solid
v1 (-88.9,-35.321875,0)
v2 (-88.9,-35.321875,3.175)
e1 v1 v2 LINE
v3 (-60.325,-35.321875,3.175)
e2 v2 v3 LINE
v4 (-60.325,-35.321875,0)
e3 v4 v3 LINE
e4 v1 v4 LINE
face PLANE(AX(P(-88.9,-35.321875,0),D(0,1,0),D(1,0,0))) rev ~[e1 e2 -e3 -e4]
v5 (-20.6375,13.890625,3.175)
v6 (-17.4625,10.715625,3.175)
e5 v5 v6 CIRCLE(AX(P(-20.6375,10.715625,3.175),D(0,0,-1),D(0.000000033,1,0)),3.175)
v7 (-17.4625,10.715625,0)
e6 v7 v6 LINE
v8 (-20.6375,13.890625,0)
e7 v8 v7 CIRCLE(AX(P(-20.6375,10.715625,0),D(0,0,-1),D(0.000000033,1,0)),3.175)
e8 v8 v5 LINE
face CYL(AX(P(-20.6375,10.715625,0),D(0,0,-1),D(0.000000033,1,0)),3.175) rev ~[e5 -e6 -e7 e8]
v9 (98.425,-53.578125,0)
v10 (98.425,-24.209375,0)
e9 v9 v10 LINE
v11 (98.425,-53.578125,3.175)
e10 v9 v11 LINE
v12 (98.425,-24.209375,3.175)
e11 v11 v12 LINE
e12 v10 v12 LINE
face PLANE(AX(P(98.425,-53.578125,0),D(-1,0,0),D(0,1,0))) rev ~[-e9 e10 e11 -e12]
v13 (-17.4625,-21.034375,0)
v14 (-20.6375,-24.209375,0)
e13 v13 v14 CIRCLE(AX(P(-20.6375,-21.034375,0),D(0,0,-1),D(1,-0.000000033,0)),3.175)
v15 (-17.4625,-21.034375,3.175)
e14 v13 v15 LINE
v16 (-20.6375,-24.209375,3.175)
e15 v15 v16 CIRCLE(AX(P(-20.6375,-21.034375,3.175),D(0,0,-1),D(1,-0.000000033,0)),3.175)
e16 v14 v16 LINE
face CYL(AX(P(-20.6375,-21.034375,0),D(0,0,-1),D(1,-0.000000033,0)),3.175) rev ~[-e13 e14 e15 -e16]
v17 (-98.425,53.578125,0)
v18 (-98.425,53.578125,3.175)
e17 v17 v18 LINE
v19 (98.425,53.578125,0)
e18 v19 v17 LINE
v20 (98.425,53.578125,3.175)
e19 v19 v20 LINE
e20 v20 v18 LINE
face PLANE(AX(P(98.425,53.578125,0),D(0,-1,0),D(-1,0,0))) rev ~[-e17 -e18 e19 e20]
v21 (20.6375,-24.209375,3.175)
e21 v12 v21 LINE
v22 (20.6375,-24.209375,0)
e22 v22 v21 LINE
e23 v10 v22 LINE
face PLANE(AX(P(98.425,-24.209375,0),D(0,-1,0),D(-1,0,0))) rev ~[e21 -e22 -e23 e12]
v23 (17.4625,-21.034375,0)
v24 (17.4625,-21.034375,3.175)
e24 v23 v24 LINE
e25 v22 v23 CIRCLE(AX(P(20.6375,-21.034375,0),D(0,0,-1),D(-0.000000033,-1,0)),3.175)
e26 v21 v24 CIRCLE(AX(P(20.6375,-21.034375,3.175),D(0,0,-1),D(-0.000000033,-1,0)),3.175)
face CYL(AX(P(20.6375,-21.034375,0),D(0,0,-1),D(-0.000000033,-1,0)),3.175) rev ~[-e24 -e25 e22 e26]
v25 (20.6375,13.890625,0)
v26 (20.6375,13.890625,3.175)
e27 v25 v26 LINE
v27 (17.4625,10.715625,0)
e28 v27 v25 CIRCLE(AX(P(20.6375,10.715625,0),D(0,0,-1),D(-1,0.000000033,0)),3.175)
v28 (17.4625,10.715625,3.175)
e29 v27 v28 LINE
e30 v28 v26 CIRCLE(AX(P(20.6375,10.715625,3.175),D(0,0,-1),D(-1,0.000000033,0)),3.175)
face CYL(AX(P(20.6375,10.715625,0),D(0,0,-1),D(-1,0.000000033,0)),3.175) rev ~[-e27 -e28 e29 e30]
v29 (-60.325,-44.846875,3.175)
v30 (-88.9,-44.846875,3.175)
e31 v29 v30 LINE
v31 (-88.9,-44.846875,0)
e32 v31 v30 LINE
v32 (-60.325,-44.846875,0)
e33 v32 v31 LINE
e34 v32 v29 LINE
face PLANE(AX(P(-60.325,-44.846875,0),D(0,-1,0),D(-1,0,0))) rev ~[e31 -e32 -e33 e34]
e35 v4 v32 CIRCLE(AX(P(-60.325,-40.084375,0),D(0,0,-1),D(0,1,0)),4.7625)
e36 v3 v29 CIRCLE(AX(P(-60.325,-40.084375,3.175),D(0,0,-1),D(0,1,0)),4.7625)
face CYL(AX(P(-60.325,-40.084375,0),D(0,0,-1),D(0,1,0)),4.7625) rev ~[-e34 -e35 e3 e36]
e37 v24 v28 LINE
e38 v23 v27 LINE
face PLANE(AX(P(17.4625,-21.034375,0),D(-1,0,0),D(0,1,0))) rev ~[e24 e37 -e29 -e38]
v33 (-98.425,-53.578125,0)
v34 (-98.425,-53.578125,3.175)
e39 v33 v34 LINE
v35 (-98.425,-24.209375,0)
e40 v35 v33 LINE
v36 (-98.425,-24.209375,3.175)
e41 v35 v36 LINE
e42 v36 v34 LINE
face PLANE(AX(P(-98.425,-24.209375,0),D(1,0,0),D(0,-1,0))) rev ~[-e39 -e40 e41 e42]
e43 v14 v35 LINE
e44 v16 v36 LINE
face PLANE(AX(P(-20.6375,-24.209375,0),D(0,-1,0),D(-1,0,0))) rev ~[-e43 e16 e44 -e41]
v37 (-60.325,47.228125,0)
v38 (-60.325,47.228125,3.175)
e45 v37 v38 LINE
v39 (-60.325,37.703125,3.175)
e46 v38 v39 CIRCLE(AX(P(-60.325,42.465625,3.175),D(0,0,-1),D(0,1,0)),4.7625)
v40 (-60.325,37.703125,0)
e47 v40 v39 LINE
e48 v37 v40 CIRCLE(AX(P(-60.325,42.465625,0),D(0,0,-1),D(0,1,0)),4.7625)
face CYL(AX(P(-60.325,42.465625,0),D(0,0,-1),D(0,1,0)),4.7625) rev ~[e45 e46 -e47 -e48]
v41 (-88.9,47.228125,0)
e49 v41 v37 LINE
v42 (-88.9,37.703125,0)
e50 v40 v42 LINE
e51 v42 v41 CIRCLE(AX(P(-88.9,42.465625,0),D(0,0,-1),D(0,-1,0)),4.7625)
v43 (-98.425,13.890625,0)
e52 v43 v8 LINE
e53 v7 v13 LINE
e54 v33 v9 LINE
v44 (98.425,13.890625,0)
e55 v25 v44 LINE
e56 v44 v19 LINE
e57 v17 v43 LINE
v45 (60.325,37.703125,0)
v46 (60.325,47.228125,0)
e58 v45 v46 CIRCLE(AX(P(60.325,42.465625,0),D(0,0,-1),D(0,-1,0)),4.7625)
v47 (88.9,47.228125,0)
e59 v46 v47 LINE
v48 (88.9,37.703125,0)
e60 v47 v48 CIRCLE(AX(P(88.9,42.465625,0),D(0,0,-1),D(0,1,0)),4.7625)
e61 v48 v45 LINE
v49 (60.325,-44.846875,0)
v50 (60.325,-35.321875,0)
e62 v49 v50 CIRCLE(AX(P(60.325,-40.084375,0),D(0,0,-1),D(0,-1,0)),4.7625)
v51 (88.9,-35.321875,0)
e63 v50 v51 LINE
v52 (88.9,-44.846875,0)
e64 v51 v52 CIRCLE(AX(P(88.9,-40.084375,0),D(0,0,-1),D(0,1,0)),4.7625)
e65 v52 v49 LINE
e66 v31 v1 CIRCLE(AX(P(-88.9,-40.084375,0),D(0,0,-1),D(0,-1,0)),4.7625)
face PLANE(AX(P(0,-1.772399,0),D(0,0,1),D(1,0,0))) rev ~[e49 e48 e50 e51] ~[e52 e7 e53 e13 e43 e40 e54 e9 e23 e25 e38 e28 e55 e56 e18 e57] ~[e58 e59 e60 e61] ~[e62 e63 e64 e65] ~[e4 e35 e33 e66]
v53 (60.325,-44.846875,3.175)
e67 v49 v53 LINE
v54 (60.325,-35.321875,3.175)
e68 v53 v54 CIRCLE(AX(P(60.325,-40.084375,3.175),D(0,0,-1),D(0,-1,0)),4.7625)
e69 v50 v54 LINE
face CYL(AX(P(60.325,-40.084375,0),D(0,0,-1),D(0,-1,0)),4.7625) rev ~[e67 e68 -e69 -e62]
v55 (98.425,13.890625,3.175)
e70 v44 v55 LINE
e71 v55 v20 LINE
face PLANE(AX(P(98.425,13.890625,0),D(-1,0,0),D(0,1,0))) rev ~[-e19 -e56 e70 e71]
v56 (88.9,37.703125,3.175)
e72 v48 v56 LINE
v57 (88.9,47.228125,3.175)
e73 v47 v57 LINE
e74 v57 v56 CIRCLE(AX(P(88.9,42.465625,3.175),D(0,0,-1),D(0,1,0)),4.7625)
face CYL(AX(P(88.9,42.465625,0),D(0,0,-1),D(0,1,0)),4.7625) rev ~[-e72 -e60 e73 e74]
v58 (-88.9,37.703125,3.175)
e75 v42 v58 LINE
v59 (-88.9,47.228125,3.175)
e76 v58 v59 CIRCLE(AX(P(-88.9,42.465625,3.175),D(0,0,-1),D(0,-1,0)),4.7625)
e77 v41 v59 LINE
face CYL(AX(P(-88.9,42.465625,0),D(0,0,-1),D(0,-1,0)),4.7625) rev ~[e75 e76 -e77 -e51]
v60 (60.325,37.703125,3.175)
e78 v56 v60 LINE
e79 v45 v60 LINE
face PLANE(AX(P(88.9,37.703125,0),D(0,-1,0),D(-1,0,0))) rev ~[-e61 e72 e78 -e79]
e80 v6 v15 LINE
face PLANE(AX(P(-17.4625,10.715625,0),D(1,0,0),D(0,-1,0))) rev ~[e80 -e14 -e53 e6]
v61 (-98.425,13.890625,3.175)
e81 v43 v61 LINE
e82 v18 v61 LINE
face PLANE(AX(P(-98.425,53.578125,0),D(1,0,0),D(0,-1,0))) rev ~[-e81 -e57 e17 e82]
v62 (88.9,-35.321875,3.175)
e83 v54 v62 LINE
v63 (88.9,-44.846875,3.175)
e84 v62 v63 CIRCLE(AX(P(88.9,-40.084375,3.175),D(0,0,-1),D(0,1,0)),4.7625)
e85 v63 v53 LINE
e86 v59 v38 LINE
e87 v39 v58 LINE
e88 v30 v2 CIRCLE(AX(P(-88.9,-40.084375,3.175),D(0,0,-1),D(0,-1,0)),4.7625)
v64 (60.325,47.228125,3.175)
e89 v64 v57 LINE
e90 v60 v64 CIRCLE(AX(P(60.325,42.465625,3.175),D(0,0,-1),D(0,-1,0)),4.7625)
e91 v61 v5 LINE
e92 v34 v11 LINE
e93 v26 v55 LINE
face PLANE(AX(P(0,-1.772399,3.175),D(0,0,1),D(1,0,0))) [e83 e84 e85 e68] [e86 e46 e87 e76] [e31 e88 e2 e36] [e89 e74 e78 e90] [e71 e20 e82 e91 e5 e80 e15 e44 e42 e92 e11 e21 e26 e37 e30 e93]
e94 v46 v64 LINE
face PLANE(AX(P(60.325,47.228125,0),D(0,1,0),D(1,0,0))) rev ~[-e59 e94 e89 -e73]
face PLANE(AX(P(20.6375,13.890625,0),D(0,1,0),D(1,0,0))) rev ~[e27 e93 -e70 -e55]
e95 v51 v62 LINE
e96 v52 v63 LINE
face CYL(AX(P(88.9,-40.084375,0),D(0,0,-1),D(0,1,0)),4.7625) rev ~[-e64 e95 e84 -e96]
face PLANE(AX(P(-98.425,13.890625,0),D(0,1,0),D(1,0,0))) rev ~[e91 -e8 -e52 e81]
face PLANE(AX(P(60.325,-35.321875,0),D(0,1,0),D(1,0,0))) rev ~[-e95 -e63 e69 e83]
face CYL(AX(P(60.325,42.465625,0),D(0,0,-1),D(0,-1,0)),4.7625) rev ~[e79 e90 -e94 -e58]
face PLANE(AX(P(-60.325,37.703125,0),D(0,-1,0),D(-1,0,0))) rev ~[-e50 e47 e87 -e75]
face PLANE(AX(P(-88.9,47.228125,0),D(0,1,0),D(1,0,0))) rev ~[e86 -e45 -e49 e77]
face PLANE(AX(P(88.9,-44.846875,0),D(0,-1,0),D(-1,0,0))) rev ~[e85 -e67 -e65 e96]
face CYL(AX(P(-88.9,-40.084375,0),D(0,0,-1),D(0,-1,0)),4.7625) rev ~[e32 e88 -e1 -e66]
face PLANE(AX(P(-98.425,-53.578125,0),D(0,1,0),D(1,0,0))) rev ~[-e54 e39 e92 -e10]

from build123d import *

# Parameters (mm, degrees)
F1_DEPTH = 3.175


with BuildPart() as f1:
    # F0 (on Top) → F1 (new body)
    with BuildSketch(Plane.XY):
        with BuildLine():
            Line((-98.425, -24.209375), (-98.425, -53.578125))
            Line((-98.425, -53.578125), (98.425, -53.578125))
            Line((98.425, -53.578125), (98.425, -24.209375))
            Line((98.425, -24.209375), (20.6375, -24.209375))
            ThreePointArc((20.6375, -24.209375), (18.392436, -23.279439), (17.4625, -21.034375))
            Line((17.4625, -21.034375), (17.4625, 10.715625))
            ThreePointArc((17.4625, 10.715625), (18.392436, 12.960689), (20.6375, 13.890625))
            Line((20.6375, 13.890625), (98.425, 13.890625))
            Line((98.425, 13.890625), (98.425, 53.578125))
            Line((98.425, 53.578125), (-98.425, 53.578125))
            Line((-98.425, 53.578125), (-98.425, 13.890625))
            Line((-98.425, 13.890625), (-20.6375, 13.890625))
            ThreePointArc((-20.6375, 13.890625), (-18.392436, 12.960689), (-17.4625, 10.715625))
            Line((-17.4625, 10.715625), (-17.4625, -21.034375))
            ThreePointArc((-17.4625, -21.034375), (-18.392436, -23.279439), (-20.6375, -24.209375))
            Line((-20.6375, -24.209375), (-98.425, -24.209375))
        make_face()
        with BuildLine():
            Line((-60.325, -44.846875), (-88.9, -44.846875))
            ThreePointArc((-88.9, -44.846875), (-93.6625, -40.084375), (-88.9, -35.321875))
            Line((-88.9, -35.321875), (-60.325, -35.321875))
            ThreePointArc((-60.325, -35.321875), (-55.5625, -40.084375), (-60.325, -44.846875))
        make_face(mode=Mode.SUBTRACT)
        with BuildLine():
            ThreePointArc((88.9, -35.321875), (93.6625, -40.084375), (88.9, -44.846875))
            Line((88.9, -44.846875), (60.325, -44.846875))
            ThreePointArc((60.325, -44.846875), (55.5625, -40.084375), (60.325, -35.321875))
            Line((60.325, -35.321875), (88.9, -35.321875))
        make_face(mode=Mode.SUBTRACT)
        with BuildLine():
            Line((-60.325, 37.703125), (-88.9, 37.703125))
            ThreePointArc((-88.9, 37.703125), (-93.6625, 42.465625), (-88.9, 47.228125))
            Line((-88.9, 47.228125), (-60.325, 47.228125))
            ThreePointArc((-60.325, 47.228125), (-55.5625, 42.465625), (-60.325, 37.703125))
        make_face(mode=Mode.SUBTRACT)
        with BuildLine():
            ThreePointArc((88.9, 47.228125), (93.6625, 42.465625), (88.9, 37.703125))
            Line((88.9, 37.703125), (60.325, 37.703125))
            ThreePointArc((60.325, 37.703125), (55.5625, 42.465625), (60.325, 47.228125))
            Line((60.325, 47.228125), (88.9, 47.228125))
        make_face(mode=Mode.SUBTRACT)
    extrude(amount=F1_DEPTH)


solid = f1.part
